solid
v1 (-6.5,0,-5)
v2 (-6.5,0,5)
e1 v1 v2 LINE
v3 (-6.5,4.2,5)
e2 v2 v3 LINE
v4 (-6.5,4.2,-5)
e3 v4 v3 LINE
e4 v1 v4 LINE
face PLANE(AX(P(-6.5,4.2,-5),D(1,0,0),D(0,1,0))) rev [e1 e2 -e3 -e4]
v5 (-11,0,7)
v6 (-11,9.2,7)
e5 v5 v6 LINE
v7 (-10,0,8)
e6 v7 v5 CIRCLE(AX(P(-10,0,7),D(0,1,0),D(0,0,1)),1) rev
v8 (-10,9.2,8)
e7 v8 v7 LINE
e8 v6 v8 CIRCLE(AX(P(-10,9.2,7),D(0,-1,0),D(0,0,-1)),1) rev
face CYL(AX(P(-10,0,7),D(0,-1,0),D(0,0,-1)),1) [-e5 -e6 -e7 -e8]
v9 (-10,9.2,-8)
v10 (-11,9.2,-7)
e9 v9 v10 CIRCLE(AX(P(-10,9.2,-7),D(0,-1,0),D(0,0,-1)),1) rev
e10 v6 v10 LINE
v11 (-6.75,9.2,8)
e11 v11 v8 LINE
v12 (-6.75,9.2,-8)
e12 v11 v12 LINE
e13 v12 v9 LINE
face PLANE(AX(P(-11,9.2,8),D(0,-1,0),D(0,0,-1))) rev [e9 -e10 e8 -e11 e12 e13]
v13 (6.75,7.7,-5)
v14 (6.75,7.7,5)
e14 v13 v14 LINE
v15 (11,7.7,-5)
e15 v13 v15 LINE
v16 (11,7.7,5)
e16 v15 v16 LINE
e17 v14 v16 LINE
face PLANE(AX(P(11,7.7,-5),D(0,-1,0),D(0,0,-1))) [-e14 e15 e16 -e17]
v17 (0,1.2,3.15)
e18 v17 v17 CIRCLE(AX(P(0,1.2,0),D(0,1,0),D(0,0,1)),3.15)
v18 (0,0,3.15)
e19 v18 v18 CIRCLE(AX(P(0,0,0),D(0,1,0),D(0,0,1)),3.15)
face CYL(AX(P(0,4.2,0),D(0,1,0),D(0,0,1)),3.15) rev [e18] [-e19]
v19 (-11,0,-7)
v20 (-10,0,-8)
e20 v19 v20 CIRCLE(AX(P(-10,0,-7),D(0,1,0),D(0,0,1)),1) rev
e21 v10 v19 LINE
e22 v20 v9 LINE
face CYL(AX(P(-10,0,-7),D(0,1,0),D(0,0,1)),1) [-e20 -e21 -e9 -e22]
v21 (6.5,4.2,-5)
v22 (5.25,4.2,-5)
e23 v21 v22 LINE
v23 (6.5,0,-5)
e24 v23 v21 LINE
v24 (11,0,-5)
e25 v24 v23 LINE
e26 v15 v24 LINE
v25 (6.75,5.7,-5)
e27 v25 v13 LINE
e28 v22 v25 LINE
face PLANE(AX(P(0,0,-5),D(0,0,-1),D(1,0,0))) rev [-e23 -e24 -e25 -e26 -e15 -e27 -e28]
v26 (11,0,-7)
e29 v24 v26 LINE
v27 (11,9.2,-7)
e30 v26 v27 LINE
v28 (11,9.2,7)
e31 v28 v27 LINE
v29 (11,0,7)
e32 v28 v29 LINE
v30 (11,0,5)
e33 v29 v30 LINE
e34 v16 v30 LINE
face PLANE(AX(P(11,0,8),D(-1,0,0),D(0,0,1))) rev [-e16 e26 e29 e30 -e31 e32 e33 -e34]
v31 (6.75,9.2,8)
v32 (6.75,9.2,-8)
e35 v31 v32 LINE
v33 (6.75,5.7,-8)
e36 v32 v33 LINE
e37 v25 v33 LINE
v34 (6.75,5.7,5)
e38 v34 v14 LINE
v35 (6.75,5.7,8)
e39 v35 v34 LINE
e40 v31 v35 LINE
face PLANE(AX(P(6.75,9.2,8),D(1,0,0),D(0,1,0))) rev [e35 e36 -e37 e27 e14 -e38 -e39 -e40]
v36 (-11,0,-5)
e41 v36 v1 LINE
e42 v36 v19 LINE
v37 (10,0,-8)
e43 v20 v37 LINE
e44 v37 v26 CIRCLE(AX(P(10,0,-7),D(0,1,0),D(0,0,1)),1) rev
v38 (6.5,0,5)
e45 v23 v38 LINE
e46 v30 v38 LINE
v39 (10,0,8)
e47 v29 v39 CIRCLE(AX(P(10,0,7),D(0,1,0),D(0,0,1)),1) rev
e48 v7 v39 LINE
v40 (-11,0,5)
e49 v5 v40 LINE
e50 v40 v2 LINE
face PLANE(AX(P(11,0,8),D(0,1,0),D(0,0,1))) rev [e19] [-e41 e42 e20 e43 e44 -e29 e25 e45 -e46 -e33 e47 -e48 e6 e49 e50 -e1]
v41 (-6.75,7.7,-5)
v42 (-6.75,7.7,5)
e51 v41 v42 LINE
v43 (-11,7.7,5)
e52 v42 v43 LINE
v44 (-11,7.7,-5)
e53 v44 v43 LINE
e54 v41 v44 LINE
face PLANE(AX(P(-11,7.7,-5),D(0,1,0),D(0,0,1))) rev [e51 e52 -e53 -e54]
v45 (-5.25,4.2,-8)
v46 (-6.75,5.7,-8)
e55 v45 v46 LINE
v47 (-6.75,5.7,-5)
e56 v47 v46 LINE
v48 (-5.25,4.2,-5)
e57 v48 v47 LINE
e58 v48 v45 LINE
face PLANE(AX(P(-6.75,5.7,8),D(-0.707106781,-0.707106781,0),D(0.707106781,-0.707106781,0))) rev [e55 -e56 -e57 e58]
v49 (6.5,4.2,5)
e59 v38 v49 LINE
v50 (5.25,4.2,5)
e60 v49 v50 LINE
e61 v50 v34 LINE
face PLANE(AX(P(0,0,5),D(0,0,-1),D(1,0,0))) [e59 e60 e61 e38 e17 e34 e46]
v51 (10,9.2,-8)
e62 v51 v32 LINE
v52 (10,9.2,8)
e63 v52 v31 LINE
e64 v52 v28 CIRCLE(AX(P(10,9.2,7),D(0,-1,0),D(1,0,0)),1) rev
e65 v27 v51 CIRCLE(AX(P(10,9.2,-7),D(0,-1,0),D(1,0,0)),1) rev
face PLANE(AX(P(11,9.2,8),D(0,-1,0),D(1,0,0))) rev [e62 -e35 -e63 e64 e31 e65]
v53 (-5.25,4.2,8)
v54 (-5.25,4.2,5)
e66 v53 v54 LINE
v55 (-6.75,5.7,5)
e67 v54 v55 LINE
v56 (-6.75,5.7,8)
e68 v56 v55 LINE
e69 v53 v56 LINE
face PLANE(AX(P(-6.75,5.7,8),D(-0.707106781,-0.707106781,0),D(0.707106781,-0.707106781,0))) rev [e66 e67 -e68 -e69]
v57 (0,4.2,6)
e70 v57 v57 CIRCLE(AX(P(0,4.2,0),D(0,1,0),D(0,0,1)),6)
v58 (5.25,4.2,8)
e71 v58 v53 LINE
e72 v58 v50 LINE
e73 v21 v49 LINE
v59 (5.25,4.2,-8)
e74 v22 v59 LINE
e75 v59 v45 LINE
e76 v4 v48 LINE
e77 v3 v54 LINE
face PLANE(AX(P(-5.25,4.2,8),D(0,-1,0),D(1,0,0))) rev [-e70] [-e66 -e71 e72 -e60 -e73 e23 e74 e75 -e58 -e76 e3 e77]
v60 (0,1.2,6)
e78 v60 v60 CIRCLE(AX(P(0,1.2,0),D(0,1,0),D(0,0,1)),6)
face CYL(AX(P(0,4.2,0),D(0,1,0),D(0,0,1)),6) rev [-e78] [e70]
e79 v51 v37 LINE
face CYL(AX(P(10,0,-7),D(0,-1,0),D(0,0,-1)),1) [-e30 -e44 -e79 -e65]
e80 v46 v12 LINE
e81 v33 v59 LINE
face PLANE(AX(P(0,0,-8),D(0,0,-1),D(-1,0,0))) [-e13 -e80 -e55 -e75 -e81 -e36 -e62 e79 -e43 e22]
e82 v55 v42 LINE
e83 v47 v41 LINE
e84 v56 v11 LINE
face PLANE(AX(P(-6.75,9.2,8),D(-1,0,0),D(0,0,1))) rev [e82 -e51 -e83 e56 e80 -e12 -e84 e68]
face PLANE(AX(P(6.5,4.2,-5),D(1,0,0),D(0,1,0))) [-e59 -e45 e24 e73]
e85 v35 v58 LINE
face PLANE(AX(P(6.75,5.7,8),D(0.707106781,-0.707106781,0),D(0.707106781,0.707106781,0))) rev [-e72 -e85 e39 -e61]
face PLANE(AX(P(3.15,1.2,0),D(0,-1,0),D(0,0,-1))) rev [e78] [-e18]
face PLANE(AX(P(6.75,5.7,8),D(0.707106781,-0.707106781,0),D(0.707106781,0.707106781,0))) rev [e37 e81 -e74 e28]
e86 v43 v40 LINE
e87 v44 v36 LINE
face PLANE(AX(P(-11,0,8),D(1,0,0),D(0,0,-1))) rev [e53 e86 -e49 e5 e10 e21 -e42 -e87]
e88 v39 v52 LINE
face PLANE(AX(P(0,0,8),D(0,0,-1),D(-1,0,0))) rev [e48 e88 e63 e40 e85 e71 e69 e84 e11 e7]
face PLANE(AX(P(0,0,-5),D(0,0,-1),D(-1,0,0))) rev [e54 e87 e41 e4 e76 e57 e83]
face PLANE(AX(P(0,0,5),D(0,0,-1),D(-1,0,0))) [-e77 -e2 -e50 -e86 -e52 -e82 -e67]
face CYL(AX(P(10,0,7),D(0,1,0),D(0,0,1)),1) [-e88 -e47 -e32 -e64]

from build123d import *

# Parameters (mm, degrees)
EXTRUDE_1_DEPTH             = 8
CUT_EXTRUDE_1_DEPTH         = 5
HOLE_WIZARD_M61_D           = 6.3
HOLE_WIZARD_M61_DEPTH       = 4.2
HOLE_WIZARD_M61_CBORE_D     = 12
HOLE_WIZARD_M61_CBORE_DEPTH = 3
FILLET_1_R                  = 1


with BuildPart() as part:
    # Эскиз1 → Бобышка-Вытянуть1 (new body, symmetric)
    with BuildSketch(Plane.XY):
        Polygon((11, 0), (-11, 0), (-11, 9.2), (-6.75, 9.2), (-6.75, 5.7), (-5.25, 4.2), (5.25, 4.2), (6.75, 5.7), (6.75, 9.2), (11, 9.2), align=None)
    extrude(amount=EXTRUDE_1_DEPTH, both=True)

    # Эскиз2 → Вырез-Вытянуть1 (cut, symmetric)
    with BuildSketch(Plane.XY):
        Polygon((-11, 7.7), (-6.75, 7.7), (-6.75, 5.7), (-5.25, 4.2), (-6.5, 4.2), (-6.5, 0), (-11, 0), align=None)
    cut_extrude_1 = extrude(amount=CUT_EXTRUDE_1_DEPTH, both=True, mode=Mode.SUBTRACT)

    # Зеркальное отражение1: Вырез-Вытянуть1 across plane
    add(cut_extrude_1.mirror(Plane(origin=(0, 0, 0), x_dir=(0, 0, 1), z_dir=(1, 0, 0))), mode=Mode.SUBTRACT)

    # Цековка для  болта с шестигранной головкой M61
    with Locations(Plane(origin=(0, 4.2, 0), x_dir=(1, 0, 0), z_dir=(0, 1, 0))):
        with Locations((0, 0)):
            CounterBoreHole(HOLE_WIZARD_M61_D / 2, HOLE_WIZARD_M61_CBORE_D / 2, HOLE_WIZARD_M61_CBORE_DEPTH, depth=HOLE_WIZARD_M61_DEPTH)

    # Скругление1
    fillet_1_edges = [part.edges().sort_by_distance(p)[0] for p in [
        (11, 4.6, 8),
        (11, 4.6, -8),
        (-11, 4.6, -8),
        (-11, 4.6, 8),
    ]]
    fillet(fillet_1_edges, radius=FILLET_1_R)


solid = part.part
